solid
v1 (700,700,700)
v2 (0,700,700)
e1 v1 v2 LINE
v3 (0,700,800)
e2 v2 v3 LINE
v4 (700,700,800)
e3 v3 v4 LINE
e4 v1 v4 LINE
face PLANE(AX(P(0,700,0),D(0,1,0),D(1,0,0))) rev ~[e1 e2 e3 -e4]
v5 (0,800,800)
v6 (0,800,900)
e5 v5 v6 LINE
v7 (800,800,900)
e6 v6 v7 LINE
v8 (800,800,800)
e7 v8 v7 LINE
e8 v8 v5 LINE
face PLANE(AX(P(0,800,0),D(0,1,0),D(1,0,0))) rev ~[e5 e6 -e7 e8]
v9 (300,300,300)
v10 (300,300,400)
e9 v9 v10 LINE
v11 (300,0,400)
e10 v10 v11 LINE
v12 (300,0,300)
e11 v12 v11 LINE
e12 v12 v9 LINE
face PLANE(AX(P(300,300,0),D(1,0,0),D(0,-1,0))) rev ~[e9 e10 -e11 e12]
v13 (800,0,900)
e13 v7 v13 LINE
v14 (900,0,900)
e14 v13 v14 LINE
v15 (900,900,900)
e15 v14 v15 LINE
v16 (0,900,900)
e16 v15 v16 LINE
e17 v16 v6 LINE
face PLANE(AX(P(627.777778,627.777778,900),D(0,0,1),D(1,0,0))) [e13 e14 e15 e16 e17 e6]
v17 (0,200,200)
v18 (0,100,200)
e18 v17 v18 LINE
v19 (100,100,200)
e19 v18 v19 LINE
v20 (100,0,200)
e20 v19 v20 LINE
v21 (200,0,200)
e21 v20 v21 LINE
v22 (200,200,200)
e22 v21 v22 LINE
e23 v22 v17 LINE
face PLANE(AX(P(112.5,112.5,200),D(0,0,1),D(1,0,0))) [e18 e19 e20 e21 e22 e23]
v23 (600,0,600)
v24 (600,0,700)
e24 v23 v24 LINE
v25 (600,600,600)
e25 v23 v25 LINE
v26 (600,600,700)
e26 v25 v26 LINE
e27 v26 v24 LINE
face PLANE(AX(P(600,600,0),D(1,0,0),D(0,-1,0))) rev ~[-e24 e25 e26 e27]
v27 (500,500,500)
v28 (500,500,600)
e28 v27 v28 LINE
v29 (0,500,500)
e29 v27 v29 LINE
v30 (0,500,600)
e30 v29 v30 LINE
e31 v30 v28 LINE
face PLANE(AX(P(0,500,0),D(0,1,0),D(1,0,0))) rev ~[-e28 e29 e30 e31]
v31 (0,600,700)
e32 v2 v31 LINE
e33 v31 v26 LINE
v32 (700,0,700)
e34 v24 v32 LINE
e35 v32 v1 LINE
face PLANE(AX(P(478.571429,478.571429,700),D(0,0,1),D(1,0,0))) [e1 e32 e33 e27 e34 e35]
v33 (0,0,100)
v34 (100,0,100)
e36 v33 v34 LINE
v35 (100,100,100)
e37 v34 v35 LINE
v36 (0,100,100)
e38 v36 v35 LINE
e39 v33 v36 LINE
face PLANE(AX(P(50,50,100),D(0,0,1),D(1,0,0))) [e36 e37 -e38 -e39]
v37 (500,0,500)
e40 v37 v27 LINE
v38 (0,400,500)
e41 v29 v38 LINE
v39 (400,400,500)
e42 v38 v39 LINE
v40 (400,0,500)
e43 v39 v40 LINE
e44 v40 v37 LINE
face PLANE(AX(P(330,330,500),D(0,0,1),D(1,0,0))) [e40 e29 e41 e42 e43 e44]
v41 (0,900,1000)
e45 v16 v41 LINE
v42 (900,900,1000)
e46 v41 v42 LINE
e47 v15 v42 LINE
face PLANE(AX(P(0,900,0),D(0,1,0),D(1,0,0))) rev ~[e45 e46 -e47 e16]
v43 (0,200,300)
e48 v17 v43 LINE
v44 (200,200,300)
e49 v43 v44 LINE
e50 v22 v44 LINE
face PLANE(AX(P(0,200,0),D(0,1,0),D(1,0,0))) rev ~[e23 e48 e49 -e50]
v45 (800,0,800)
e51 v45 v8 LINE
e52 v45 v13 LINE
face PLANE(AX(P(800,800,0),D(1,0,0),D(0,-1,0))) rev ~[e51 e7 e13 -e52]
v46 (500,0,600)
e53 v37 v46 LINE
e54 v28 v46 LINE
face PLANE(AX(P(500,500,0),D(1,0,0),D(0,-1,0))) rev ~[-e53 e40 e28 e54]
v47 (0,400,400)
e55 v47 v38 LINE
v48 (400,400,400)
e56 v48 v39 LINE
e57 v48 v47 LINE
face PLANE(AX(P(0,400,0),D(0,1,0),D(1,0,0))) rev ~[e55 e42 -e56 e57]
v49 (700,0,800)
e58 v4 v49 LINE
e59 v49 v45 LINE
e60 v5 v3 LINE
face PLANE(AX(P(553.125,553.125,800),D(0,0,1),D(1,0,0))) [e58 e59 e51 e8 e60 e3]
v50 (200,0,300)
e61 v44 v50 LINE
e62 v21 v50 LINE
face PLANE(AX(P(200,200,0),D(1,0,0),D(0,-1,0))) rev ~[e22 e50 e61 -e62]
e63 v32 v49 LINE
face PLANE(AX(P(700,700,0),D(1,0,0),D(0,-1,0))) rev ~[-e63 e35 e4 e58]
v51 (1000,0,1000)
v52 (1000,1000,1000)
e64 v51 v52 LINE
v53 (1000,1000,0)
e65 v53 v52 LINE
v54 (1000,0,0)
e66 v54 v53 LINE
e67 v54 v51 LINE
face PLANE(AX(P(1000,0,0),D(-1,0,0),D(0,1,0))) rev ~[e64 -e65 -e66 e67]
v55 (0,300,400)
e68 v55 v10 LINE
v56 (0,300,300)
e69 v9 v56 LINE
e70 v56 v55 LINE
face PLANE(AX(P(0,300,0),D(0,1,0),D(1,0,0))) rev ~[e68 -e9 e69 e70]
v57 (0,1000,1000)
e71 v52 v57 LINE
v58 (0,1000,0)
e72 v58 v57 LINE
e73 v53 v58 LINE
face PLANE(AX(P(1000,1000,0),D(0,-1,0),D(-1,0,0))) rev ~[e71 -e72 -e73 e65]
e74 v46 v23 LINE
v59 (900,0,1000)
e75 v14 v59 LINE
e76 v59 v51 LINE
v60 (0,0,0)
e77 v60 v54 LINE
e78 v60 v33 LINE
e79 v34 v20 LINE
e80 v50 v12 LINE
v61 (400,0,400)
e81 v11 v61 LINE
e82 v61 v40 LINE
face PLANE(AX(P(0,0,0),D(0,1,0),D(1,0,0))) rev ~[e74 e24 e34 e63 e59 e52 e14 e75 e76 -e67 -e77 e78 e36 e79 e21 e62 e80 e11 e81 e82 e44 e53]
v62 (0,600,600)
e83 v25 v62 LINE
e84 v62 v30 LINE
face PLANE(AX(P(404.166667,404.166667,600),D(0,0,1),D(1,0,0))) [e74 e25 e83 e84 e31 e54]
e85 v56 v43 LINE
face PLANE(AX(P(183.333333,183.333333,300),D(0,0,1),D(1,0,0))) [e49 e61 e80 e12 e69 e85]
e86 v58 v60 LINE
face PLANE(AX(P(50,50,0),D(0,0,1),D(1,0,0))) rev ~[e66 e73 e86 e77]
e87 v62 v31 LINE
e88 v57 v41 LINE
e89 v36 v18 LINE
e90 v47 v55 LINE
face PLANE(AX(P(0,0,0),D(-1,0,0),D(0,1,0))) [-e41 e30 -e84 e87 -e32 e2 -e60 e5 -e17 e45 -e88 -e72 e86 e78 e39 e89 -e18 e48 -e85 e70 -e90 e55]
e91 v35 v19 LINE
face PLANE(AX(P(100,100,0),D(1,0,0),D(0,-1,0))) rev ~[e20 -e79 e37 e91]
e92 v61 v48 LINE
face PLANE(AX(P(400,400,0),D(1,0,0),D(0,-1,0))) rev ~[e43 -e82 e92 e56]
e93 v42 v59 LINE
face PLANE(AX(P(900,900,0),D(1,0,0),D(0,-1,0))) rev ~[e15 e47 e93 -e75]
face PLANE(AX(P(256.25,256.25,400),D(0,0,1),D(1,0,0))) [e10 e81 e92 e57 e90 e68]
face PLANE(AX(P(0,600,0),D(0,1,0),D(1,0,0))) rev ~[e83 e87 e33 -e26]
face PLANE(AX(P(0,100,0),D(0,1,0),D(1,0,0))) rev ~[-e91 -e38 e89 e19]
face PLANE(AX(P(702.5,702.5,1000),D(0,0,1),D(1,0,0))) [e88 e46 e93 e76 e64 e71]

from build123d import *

# Parameters (mm, degrees)
F1_DEPTH  = 1000
F2_DEPTH  = 900
F3_DEPTH  = 800
F4_DEPTH  = 700
F5_DEPTH  = 600
F6_DEPTH  = 500
F7_DEPTH  = 400
F8_DEPTH  = 300
F9_DEPTH  = 200
F0_W      = 100
F0_H      = 100
F10_DEPTH = 100


with BuildPart() as f1:
    # F0 (on Top) → F1 (new body)
    with BuildSketch(Plane.XY):
        Polygon((900, 900), (900, 0), (1000, 0), (1000, 1000), (0, 1000), (0, 900), align=None)
    extrude(amount=F1_DEPTH)

    # F0 (on Top) → F2 (join)
    with BuildSketch(Plane.XY):
        Polygon((800, 800), (800, 0), (900, 0), (900, 900), (0, 900), (0, 800), align=None)
    extrude(amount=F2_DEPTH)

    # F0 (on Top) → F3 (join)
    with BuildSketch(Plane.XY):
        Polygon((700, 700), (700, 0), (800, 0), (800, 800), (0, 800), (0, 700), align=None)
    extrude(amount=F3_DEPTH)

    # F0 (on Top) → F4 (join)
    with BuildSketch(Plane.XY):
        Polygon((600, 600), (600, 0), (700, 0), (700, 700), (0, 700), (0, 600), align=None)
    extrude(amount=F4_DEPTH)

    # F0 (on Top) → F5 (join)
    with BuildSketch(Plane.XY):
        Polygon((500, 500), (500, 0), (600, 0), (600, 600), (0, 600), (0, 500), align=None)
    extrude(amount=F5_DEPTH)

    # F0 (on Top) → F6 (join)
    with BuildSketch(Plane.XY):
        Polygon((400, 400), (400, 0), (500, 0), (500, 500), (0, 500), (0, 400), align=None)
    extrude(amount=F6_DEPTH)

    # F0 (on Top) → F7 (join)
    with BuildSketch(Plane.XY):
        Polygon((300, 300), (300, 0), (400, 0), (400, 400), (0, 400), (0, 300), align=None)
    extrude(amount=F7_DEPTH)

    # F0 (on Top) → F8 (join)
    with BuildSketch(Plane.XY):
        Polygon((200, 200), (200, 0), (300, 0), (300, 300), (0, 300), (0, 200), align=None)
    extrude(amount=F8_DEPTH)

    # F0 (on Top) → F9 (join)
    with BuildSketch(Plane.XY):
        Polygon((100, 100), (100, 0), (200, 0), (200, 200), (0, 200), (0, 100), align=None)
    extrude(amount=F9_DEPTH)

    # F0 (on Top) → F10 (join)
    with BuildSketch(Plane.XY):
        with Locations((50, 50)):
            Rectangle(F0_W, F0_H)
    extrude(amount=F10_DEPTH)


solid = f1.part
